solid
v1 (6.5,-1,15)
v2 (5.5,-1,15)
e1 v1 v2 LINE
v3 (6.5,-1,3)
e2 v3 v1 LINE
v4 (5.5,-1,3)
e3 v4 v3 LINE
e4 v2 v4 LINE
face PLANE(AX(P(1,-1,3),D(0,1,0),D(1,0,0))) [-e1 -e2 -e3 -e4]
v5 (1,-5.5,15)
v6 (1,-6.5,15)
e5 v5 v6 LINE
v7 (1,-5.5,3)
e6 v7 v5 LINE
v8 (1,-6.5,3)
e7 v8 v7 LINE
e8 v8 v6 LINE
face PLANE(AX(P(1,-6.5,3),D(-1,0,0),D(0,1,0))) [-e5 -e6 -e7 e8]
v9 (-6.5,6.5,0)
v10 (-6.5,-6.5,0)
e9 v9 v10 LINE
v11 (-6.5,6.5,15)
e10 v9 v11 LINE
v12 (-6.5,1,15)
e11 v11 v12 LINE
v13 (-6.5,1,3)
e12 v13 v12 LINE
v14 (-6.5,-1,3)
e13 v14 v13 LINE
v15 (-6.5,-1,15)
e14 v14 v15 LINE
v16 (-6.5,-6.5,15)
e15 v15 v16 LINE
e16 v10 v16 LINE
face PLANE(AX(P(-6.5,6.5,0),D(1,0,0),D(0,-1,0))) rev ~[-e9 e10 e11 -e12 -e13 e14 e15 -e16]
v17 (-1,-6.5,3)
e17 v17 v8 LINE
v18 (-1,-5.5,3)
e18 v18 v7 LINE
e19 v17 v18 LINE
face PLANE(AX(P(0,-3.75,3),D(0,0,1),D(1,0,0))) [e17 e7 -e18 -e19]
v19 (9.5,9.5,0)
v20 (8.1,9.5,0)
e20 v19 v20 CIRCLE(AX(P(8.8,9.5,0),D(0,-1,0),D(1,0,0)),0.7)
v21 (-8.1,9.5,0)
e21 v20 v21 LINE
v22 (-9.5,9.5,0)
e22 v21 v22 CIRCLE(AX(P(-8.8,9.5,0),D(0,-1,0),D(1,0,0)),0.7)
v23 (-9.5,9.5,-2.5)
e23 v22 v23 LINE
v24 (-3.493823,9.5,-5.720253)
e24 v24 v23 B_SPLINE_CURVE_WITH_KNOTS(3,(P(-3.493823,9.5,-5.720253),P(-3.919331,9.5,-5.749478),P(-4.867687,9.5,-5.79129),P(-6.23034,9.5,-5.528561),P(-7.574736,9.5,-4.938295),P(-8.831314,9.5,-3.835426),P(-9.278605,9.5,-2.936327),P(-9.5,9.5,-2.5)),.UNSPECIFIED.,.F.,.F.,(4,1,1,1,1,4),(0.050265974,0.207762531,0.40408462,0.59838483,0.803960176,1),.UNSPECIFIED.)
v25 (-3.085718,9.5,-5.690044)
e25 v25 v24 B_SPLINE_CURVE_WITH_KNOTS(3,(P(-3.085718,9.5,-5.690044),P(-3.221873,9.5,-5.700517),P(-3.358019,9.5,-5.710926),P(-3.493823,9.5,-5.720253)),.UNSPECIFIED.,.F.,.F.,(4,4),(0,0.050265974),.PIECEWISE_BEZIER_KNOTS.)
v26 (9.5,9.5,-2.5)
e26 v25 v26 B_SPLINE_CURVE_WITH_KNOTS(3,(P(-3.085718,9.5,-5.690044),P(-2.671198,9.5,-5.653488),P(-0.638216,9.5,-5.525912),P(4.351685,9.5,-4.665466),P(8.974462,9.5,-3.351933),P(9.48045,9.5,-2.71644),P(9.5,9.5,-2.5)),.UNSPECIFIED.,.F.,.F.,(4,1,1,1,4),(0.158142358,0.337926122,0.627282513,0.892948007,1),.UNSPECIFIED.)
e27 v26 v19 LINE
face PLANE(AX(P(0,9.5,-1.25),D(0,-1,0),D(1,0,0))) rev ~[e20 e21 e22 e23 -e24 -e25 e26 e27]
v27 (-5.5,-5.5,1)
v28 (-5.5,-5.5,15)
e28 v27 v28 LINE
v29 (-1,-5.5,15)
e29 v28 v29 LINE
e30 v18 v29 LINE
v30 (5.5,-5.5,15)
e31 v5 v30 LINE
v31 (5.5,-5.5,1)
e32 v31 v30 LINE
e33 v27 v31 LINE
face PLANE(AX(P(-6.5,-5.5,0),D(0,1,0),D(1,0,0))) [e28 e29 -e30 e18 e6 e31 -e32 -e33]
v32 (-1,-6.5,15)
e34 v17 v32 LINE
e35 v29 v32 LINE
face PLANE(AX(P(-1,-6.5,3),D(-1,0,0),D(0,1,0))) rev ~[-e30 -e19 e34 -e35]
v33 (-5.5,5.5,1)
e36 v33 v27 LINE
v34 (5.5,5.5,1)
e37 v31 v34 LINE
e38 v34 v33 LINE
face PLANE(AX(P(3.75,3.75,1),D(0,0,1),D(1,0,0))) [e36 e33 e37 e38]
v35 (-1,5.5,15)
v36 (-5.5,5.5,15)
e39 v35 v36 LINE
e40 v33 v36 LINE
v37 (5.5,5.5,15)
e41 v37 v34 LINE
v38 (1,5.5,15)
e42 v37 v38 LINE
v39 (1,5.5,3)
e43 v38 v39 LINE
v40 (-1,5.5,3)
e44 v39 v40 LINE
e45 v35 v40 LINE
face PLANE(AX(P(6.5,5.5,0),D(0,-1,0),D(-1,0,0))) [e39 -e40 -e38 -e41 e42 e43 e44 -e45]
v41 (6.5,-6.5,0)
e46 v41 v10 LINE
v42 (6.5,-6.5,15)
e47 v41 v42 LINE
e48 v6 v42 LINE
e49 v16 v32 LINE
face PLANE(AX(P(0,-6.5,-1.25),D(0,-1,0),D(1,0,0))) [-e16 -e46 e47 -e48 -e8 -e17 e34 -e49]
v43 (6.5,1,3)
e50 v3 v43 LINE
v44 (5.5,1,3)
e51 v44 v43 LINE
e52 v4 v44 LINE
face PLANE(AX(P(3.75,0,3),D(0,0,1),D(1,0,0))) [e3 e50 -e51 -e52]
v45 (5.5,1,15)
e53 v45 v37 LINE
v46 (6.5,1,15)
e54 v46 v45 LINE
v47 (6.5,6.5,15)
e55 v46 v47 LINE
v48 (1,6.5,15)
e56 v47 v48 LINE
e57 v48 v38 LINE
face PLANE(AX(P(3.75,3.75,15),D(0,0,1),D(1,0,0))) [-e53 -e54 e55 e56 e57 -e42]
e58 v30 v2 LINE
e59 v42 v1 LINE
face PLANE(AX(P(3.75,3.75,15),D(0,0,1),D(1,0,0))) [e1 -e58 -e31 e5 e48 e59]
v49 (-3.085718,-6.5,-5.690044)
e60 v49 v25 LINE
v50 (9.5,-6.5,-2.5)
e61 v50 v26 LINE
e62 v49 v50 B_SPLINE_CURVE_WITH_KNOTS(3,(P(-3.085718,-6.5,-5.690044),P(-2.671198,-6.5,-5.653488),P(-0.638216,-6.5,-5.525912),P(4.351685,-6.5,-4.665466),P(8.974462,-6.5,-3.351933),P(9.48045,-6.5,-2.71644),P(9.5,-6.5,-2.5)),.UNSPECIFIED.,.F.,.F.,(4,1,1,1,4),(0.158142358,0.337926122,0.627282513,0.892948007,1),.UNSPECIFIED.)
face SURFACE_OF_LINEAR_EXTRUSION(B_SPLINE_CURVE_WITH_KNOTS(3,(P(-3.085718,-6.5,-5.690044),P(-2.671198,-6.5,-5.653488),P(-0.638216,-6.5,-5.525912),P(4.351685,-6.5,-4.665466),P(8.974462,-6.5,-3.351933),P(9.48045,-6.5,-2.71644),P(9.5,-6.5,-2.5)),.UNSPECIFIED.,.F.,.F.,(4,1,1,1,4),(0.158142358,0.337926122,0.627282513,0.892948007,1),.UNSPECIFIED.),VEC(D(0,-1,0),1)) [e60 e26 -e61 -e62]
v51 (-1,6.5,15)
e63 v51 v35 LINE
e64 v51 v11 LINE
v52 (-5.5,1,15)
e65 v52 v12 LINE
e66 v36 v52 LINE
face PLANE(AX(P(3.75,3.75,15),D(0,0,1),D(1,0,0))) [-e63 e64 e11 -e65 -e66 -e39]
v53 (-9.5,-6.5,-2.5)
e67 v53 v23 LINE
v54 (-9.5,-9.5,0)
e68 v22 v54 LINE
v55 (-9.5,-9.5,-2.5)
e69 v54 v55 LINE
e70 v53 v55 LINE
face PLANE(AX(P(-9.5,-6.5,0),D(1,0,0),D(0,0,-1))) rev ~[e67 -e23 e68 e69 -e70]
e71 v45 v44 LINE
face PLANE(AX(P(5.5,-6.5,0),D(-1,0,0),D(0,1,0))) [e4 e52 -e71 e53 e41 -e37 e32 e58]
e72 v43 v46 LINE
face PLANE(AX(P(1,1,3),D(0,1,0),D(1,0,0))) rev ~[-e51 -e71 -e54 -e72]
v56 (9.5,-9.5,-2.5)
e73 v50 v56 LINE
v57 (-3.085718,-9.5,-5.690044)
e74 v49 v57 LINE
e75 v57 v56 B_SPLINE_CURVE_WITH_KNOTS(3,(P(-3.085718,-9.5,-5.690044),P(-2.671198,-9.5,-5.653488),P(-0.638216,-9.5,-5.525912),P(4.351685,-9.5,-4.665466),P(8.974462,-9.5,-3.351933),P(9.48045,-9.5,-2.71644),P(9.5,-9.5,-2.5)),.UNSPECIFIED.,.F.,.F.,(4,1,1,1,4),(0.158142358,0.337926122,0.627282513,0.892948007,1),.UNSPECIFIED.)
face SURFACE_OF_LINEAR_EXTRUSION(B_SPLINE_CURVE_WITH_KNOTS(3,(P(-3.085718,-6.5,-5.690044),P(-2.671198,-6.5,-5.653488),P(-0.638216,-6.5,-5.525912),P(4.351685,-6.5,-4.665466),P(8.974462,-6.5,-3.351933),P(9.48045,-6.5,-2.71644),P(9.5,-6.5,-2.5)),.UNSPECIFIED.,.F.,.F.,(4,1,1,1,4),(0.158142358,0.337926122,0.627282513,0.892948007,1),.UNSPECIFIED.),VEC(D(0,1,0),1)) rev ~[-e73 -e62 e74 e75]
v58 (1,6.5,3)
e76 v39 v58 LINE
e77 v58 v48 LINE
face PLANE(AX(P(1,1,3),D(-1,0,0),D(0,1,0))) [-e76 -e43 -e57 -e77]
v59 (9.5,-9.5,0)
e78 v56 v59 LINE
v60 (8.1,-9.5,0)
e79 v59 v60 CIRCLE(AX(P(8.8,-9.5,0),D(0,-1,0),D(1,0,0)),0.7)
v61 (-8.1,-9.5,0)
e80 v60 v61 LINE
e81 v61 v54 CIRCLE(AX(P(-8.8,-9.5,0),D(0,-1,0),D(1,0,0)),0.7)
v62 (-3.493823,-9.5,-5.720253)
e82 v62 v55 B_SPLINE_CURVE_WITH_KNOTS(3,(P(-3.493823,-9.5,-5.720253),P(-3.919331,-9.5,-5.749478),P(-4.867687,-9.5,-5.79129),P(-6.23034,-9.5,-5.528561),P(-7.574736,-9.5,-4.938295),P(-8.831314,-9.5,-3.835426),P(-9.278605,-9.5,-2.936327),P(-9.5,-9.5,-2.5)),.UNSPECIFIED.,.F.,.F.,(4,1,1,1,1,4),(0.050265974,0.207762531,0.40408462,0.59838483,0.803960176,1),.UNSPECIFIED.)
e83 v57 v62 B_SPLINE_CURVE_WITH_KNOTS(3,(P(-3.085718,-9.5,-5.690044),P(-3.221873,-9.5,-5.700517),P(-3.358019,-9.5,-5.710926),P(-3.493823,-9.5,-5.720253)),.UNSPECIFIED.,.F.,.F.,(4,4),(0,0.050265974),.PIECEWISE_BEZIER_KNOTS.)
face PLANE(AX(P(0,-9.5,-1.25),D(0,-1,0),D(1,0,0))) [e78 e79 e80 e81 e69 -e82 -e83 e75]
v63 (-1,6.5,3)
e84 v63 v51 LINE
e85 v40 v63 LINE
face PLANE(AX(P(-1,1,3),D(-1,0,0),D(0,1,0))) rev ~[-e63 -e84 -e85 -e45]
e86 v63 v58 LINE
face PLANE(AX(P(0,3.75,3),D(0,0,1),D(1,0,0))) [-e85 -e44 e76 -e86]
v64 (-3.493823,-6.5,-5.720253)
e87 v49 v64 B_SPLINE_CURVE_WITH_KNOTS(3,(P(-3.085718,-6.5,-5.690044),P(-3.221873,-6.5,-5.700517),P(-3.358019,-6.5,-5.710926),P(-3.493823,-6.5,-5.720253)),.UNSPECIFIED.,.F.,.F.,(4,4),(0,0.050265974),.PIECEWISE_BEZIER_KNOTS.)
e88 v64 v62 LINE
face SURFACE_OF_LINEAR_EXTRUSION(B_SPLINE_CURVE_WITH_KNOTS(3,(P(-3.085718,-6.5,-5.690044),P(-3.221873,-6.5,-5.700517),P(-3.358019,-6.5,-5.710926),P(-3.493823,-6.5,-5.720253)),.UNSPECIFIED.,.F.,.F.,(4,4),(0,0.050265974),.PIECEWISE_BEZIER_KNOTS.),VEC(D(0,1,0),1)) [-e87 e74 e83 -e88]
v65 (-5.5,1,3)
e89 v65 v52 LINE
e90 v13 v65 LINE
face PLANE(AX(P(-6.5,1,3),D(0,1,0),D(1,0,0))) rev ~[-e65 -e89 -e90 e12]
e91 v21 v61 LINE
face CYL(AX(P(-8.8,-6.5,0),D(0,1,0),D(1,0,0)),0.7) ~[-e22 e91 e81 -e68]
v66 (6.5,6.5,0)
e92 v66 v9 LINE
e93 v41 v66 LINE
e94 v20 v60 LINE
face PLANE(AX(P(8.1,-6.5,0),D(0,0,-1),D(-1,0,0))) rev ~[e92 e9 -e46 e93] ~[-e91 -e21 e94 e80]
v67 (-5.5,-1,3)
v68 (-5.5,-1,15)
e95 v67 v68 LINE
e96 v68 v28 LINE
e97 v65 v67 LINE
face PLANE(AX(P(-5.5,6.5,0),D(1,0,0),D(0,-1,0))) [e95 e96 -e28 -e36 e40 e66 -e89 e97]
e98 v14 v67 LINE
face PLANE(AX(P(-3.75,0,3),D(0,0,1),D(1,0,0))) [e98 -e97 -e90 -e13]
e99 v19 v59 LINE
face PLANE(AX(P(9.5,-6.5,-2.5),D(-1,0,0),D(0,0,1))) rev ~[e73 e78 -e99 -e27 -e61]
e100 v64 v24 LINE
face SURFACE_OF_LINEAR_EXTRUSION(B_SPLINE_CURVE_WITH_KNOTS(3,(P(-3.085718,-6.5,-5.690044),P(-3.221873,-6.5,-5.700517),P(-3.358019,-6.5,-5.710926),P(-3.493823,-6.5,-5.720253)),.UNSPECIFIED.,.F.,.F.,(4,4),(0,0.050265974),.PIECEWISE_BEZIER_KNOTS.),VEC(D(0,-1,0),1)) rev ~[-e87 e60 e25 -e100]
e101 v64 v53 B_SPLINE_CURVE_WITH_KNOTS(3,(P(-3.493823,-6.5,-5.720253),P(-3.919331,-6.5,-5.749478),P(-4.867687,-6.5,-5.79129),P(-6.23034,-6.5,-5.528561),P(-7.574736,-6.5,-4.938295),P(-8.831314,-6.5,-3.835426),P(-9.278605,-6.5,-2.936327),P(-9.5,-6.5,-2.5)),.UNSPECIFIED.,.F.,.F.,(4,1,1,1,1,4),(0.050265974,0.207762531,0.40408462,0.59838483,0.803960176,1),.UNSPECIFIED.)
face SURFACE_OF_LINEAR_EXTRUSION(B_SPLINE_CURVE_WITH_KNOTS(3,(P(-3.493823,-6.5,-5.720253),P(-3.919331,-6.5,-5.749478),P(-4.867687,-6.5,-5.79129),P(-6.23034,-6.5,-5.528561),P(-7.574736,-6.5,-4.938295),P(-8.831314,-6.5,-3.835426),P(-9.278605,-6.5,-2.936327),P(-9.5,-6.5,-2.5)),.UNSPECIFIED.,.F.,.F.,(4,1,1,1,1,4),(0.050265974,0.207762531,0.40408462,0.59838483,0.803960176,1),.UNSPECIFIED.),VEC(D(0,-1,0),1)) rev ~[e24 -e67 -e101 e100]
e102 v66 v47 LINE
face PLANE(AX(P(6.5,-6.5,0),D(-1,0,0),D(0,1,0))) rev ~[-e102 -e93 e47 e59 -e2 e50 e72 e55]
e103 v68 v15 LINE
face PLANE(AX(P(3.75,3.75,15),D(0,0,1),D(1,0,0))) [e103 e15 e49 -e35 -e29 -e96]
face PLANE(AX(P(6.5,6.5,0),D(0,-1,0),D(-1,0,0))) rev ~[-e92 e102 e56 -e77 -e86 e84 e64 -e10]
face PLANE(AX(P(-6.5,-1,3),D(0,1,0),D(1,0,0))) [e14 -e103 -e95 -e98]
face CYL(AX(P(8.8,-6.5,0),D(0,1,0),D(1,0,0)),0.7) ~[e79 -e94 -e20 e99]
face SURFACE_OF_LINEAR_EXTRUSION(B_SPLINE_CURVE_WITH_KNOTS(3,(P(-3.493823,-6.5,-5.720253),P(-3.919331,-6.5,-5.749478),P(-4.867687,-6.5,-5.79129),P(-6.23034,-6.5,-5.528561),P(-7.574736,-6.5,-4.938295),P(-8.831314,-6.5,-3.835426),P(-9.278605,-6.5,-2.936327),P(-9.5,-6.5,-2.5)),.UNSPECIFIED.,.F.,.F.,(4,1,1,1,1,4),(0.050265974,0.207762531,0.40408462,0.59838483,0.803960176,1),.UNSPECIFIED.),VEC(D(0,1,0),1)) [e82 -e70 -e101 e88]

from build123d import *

# Parameters (mm, degrees)
F0_W          = 5.5
F0_H          = 5.5
F0_W_2        = 2
F0_H_2        = 2
F1_DEPTH      = 15
F2_T          = -1
F3_START      = 3
F3_DEPTH      = 22
F5_DEPTH      = 16
F5_DEPTH_BACK = 3


with BuildPart() as f1:
    # F0 (on Top) → F1 (new body)
    with BuildSketch(Plane.XY):
        with Locations((3.75, 3.75)):
            Rectangle(F0_W, F0_H)
        with Locations((0, 3.75)):
            Rectangle(F0_W_2, F0_H)
        with Locations((-3.75, 3.75)):
            Rectangle(F0_W, F0_H)
        with Locations((-3.75, 0)):
            Rectangle(F0_W, F0_H_2)
        Rectangle(F0_W_2, F0_H_2)
        with Locations((3.75, 0)):
            Rectangle(F0_W, F0_H_2)
        with Locations((3.75, -3.75)):
            Rectangle(F0_W, F0_H)
        with Locations((0, -3.75)):
            Rectangle(F0_W_2, F0_H)
        with Locations((-3.75, -3.75)):
            Rectangle(F0_W, F0_H)
    extrude(amount=F1_DEPTH)

    # F2
    f2_openings = [f1.faces().sort_by_distance(p)[0] for p in [
        (0, 0, 15),
    ]]
    offset(amount=F2_T, openings=f2_openings)

    # F0 (on Top) → F3 (cut)
    with BuildSketch(Plane.XY.offset(F3_START)):
        with Locations((-3.75, 0)):
            Rectangle(F0_W, F0_H_2)
        with Locations((0, 3.75)):
            Rectangle(F0_W_2, F0_H)
        with Locations((3.75, 0)):
            Rectangle(F0_W, F0_H_2)
        with Locations((0, -3.75)):
            Rectangle(F0_W_2, F0_H)
    extrude(amount=F3_DEPTH, mode=Mode.SUBTRACT)

    # F4 (on face) → F5 (join, two sides)
    with BuildSketch(Plane.XZ.offset(6.5)) as f5_sk:
        Polygon((9.5, -2.5), (9.5, 0), (8.1, 0), (6.5, 0), (-6.5, 0), (-8.1, 0), (-9.5, 0), (-9.5, -2.5), align=None)
        with BuildLine():
            ThreePointArc((-8.1, 0), (-8.8, 0.7), (-9.5, 0))
            Line((-9.5, 0), (-8.1, 0))
        make_face()
        with BuildLine():
            Line((8.1, 0), (9.5, 0))
            ThreePointArc((9.5, 0), (8.8, 0.7), (8.1, 0))
        make_face()
        with BuildLine():
            add(Edge.make_bspline(
                [(-3.0857180245, -5.6900443979), (-2.6711979969, -5.6534883338), (-0.6382155364, -5.5259124188), (4.3516854172, -4.6654656415), (8.9744619057, -3.3519325688), (9.4804499148, -2.7164395318), (9.5, -2.5)],
                knots=[0.1581423577, 0.1581423577, 0.1581423577, 0.1581423577, 0.3379261215, 0.6272825134, 0.892948007, 1, 1, 1, 1], degree=3))
            Line((9.5, -2.5), (-9.5, -2.5))
            add(Edge.make_bspline(
                [(-3.4938230352, -5.7202531186), (-3.9193313832, -5.7494783037), (-4.8676868004, -5.791289792), (-6.2303397751, -5.5285607506), (-7.574736345, -4.9382947102), (-8.8313136046, -3.8354261533), (-9.278605125, -2.936326813), (-9.5, -2.5)],
                knots=[0.0502659739, 0.0502659739, 0.0502659739, 0.0502659739, 0.2077625312, 0.40408462, 0.5983848295, 0.8039601762, 1, 1, 1, 1], degree=3))
            add(Edge.make_bspline(
                [(-3.0857180245, -5.6900443979), (-3.2218733267, -5.7005172354), (-3.3580194857, -5.710925725), (-3.4938230352, -5.7202531186)],
                knots=[0, 0, 0, 0, 0.0502659739, 0.0502659739, 0.0502659739, 0.0502659739], degree=3))
        make_face()
    extrude(amount=-F5_DEPTH)
    extrude(f5_sk.sketch, amount=F5_DEPTH_BACK)


solid = f1.part
